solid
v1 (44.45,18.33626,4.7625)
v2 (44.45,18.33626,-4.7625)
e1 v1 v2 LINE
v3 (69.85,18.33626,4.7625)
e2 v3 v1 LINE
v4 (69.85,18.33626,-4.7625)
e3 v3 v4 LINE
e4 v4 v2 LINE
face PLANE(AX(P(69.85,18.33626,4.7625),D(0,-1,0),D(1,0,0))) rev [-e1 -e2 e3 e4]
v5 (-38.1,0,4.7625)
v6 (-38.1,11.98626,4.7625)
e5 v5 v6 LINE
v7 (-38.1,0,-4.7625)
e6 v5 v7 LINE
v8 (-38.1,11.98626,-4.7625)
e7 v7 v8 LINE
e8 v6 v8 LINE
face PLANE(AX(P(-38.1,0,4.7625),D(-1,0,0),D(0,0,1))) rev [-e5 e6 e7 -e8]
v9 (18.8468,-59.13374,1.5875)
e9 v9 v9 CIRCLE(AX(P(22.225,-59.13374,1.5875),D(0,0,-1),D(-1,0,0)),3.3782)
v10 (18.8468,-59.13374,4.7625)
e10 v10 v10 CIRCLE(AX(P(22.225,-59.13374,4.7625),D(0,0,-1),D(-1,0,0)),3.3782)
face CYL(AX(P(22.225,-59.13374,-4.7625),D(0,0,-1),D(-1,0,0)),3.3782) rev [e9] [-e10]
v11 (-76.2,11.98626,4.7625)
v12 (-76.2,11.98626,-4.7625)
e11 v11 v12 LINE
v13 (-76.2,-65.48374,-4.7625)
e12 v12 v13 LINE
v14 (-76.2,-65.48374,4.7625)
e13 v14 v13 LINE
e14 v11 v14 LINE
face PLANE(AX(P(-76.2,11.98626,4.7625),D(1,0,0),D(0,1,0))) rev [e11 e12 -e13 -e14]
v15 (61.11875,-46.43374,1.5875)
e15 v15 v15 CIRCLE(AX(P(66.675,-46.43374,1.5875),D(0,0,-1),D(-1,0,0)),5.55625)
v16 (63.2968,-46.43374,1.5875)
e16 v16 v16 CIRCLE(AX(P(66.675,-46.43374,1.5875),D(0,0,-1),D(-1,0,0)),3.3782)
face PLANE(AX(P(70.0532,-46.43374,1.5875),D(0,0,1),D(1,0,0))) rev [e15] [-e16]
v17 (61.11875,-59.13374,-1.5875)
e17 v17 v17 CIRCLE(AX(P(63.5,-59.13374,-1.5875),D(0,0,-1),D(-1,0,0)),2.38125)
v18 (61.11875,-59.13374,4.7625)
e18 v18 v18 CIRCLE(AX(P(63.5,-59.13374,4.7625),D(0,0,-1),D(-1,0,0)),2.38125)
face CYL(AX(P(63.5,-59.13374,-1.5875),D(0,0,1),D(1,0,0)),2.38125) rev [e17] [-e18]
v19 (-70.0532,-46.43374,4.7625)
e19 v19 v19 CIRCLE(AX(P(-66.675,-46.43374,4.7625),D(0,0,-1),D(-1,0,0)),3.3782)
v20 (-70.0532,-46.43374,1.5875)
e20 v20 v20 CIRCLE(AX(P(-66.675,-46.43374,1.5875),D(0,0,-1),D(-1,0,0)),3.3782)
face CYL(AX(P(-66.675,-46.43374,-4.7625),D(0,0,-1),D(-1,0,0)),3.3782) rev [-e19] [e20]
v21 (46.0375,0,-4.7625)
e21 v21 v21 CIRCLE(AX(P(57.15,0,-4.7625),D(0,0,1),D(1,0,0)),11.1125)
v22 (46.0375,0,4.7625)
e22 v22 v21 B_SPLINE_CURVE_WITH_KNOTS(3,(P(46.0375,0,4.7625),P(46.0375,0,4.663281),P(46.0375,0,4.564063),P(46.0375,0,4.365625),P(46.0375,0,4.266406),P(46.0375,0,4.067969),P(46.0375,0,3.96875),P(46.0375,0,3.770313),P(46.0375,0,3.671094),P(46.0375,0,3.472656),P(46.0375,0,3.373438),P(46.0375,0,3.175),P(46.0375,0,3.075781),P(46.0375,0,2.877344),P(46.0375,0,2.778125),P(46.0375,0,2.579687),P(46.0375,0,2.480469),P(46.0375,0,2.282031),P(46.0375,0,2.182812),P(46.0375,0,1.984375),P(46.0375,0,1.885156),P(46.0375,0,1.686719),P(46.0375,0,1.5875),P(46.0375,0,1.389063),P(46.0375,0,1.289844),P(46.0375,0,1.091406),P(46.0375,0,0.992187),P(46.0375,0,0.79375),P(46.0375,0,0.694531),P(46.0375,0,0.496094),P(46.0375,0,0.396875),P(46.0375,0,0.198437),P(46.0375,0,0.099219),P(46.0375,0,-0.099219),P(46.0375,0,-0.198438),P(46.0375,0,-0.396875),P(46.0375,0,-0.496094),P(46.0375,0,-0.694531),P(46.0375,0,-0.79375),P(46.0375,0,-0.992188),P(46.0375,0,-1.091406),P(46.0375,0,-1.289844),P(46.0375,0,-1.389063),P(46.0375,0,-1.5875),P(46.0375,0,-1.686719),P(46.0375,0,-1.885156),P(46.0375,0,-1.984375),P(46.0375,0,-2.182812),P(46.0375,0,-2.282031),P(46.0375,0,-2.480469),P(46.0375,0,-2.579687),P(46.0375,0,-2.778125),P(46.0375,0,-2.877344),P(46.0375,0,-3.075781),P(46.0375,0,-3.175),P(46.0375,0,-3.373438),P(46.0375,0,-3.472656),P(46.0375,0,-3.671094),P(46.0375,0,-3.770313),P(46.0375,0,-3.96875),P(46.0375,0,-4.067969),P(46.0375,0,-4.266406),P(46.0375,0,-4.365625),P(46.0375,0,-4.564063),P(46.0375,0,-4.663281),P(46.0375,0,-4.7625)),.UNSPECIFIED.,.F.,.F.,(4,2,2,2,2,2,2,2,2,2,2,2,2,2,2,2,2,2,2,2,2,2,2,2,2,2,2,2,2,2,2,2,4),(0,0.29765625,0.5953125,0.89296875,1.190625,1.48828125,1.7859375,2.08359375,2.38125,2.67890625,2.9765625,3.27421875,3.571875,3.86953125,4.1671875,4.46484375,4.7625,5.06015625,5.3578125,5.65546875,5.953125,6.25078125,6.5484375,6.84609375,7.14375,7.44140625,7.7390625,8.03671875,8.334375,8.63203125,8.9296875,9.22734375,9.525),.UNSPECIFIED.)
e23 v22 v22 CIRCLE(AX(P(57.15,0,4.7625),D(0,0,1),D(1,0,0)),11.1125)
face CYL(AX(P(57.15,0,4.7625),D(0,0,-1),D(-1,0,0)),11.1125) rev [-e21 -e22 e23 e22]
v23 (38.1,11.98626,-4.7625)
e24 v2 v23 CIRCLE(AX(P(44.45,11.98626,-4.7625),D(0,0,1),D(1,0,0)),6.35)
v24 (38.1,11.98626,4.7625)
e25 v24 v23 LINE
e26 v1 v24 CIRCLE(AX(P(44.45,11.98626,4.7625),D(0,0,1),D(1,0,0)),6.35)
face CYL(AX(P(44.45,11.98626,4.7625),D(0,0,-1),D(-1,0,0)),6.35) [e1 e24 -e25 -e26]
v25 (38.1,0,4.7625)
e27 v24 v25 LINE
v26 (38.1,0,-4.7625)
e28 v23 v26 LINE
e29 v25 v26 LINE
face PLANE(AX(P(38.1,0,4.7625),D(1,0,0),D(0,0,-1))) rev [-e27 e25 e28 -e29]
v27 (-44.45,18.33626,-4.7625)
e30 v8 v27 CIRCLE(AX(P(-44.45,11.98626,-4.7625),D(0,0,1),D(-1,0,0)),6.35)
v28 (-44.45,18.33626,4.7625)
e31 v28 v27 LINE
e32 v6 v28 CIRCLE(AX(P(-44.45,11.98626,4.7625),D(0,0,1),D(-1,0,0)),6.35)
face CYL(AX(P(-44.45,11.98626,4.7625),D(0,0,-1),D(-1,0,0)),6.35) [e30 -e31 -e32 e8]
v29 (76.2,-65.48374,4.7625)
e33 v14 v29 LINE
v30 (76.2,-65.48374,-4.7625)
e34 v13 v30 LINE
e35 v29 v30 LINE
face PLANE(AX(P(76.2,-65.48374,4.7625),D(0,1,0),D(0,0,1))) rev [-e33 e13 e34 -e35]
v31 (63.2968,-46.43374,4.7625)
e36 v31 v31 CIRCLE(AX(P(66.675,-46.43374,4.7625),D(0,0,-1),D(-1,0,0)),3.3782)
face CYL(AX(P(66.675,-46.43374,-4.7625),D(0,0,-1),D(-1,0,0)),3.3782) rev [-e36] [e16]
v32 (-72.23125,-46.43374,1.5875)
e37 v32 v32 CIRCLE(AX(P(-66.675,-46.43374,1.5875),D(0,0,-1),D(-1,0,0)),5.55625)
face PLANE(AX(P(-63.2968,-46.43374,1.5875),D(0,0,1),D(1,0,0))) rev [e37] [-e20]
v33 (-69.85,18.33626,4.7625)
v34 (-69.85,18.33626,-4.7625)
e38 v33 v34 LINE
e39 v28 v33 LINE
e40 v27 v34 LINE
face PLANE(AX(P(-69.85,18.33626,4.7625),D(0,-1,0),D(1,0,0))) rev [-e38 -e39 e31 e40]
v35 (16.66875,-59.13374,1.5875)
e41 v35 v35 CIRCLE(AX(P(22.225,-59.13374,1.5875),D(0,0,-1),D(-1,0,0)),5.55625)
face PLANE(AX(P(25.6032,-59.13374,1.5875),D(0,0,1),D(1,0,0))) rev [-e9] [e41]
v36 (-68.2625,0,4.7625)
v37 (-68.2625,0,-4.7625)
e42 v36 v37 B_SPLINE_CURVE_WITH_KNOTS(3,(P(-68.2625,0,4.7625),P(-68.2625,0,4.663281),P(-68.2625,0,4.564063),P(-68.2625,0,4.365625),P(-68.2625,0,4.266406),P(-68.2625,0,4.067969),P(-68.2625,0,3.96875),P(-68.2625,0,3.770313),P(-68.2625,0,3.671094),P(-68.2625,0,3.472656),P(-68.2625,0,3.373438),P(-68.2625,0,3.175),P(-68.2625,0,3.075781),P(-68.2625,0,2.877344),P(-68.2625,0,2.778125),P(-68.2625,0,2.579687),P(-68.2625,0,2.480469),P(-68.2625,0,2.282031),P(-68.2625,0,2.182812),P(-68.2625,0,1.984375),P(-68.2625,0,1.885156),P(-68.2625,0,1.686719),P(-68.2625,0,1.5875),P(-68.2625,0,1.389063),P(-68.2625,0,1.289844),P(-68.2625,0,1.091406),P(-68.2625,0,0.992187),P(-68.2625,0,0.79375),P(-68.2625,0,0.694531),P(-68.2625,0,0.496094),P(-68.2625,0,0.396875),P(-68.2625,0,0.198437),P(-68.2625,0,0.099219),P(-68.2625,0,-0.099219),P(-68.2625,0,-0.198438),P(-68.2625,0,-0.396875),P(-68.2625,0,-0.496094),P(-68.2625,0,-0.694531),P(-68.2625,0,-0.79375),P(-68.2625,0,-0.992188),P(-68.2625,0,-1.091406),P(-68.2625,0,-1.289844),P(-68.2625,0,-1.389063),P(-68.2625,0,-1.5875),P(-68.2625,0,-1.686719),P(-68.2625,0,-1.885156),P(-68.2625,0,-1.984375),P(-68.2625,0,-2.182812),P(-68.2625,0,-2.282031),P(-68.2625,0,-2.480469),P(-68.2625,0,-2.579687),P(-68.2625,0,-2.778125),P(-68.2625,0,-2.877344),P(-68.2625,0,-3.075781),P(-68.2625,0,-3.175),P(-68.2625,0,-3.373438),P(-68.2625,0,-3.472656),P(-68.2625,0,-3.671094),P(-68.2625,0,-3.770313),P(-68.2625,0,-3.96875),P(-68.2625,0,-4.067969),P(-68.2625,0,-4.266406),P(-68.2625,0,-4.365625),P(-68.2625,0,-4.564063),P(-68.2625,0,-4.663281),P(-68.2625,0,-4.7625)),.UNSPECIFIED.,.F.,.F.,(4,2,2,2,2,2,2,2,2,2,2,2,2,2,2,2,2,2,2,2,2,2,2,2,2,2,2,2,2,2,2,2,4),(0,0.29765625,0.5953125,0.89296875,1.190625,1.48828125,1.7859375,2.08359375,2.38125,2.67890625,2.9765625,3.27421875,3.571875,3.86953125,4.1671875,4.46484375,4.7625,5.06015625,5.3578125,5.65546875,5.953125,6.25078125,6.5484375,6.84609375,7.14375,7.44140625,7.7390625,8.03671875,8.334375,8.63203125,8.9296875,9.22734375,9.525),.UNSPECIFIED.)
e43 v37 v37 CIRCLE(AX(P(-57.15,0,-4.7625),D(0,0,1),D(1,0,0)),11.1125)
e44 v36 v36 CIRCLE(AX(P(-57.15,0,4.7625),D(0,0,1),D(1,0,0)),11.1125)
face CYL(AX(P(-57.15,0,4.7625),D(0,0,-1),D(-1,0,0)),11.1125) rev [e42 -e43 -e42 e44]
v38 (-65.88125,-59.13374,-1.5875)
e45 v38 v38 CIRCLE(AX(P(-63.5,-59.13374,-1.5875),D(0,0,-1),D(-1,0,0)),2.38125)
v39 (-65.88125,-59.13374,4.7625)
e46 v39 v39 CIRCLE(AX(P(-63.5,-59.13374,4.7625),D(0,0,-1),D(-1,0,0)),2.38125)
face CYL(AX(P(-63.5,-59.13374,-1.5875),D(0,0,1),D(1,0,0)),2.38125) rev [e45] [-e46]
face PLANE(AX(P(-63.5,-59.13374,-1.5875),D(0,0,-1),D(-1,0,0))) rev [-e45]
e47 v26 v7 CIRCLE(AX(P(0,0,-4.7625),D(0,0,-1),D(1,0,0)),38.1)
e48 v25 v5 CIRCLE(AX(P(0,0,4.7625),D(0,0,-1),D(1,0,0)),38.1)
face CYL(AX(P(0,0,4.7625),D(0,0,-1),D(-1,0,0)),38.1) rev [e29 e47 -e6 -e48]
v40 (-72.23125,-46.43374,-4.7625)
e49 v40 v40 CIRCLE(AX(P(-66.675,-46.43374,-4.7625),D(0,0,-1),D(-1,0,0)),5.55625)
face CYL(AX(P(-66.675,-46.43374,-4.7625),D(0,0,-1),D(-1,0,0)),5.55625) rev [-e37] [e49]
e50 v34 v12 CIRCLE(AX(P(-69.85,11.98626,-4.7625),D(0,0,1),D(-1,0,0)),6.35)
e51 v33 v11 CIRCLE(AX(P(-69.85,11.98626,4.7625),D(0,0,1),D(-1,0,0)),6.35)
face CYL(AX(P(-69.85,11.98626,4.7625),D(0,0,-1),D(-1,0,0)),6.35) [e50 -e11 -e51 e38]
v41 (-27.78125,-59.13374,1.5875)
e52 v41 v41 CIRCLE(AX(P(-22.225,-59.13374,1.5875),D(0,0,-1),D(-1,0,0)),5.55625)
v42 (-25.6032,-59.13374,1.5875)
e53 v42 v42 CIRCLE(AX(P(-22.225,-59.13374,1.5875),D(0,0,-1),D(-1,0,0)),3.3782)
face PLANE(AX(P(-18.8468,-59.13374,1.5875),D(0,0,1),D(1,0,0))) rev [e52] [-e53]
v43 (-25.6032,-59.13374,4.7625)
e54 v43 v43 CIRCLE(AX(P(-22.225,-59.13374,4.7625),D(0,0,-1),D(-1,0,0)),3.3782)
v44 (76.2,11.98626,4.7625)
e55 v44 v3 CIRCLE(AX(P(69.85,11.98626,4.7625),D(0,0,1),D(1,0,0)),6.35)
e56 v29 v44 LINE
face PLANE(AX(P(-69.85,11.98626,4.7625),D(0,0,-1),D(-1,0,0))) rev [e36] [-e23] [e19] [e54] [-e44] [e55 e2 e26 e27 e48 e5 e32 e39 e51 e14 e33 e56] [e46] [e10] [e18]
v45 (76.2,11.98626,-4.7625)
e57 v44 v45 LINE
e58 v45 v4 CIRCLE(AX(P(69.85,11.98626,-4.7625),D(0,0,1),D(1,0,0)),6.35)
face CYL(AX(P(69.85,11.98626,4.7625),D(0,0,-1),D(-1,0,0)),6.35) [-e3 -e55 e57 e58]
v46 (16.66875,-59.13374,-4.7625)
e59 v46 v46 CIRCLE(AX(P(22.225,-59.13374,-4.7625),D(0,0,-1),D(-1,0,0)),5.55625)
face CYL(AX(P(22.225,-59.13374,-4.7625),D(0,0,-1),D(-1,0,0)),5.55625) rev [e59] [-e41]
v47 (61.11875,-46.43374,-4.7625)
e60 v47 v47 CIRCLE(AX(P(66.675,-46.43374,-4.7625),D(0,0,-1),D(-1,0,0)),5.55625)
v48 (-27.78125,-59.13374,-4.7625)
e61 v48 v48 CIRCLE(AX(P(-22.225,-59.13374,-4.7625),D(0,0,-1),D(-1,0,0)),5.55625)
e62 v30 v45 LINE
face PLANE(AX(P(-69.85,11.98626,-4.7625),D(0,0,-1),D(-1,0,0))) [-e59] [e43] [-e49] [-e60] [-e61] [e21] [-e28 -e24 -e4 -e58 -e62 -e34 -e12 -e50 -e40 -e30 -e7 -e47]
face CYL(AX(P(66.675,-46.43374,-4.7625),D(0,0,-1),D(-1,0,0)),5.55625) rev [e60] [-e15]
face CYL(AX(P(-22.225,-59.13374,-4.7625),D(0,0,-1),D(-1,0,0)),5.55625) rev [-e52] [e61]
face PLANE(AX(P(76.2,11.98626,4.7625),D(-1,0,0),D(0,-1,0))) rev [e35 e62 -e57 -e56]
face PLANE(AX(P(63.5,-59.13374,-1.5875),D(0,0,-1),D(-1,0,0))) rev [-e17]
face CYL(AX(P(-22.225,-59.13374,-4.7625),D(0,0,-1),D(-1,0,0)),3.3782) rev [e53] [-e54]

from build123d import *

# Parameters (mm, degrees)
SKETCH1_R                                   = 11.1125
BASE_DEPTH                                  = 4.7625
F_1_4_CAP_SCREW_CARRIAGE_MOUNTS_D           = 6.7564
F_1_4_CAP_SCREW_CARRIAGE_MOUNTS_CBORE_D     = 11.1125
F_1_4_CAP_SCREW_CARRIAGE_MOUNTS_CBORE_DEPTH = 6.35
SKETCH9_R                                   = 2.38125
ALIGNMENT_PIN_HOLES_DEPTH                   = 6.35


with BuildPart() as part:
    # Sketch1 → Base (new, symmetric)
    with BuildSketch(Plane.XY):
        with BuildLine():
            Line((76.2, 11.98626), (76.2, -65.48374))
            Line((76.2, -65.48374), (-76.2, -65.48374))
            Line((-76.2, -65.48374), (-76.2, 11.98626))
            ThreePointArc((-76.2, 11.98626), (-74.340128061, 16.476388061), (-69.85, 18.33626))
            Line((-69.85, 18.33626), (-44.45, 18.33626))
            ThreePointArc((-44.45, 18.33626), (-39.959871939, 16.476388061), (-38.1, 11.98626))
            Line((-38.1, 11.98626), (-38.1, 0))
            ThreePointArc((-38.1, 0), (0, -38.1), (38.1, 0))
            Line((38.1, 0), (38.1, 11.98626))
            ThreePointArc((38.1, 11.98626), (39.959871939, 16.476388061), (44.45, 18.33626))
            Line((44.45, 18.33626), (69.85, 18.33626))
            ThreePointArc((69.85, 18.33626), (74.340128061, 16.476388061), (76.2, 11.98626))
        make_face()
        with Locations((-57.15, 0)):
            Circle(SKETCH1_R, mode=Mode.SUBTRACT)
        with Locations((57.15, 0)):
            Circle(SKETCH1_R, mode=Mode.SUBTRACT)
    extrude(amount=BASE_DEPTH, both=True)

    # 1/4 Cap screw carriage mounts (through all)
    with Locations(Plane(origin=(-61.987391614, 5.409091563, -4.7625), x_dir=(1, 0, 0), z_dir=(0, 0, -1))):
        with Locations((-4.687608386, 51.842831563), (39.762391614, 64.542831563), (128.662391614, 51.842831563), (84.212391614, 64.542831563)):
            CounterBoreHole(F_1_4_CAP_SCREW_CARRIAGE_MOUNTS_D / 2, F_1_4_CAP_SCREW_CARRIAGE_MOUNTS_CBORE_D / 2, F_1_4_CAP_SCREW_CARRIAGE_MOUNTS_CBORE_DEPTH)

    # Sketch9 → Alignment_pin_holes (cut)
    with BuildSketch(Plane(origin=(0, 0, 4.7625), x_dir=(-1, 0, 0), z_dir=(0, 0, -1))):
        with Locations((63.5, -59.13374)):
            Circle(SKETCH9_R)
        with Locations((-63.5, -59.13374)):
            Circle(SKETCH9_R)
    extrude(amount=ALIGNMENT_PIN_HOLES_DEPTH, mode=Mode.SUBTRACT)


solid = part.part
